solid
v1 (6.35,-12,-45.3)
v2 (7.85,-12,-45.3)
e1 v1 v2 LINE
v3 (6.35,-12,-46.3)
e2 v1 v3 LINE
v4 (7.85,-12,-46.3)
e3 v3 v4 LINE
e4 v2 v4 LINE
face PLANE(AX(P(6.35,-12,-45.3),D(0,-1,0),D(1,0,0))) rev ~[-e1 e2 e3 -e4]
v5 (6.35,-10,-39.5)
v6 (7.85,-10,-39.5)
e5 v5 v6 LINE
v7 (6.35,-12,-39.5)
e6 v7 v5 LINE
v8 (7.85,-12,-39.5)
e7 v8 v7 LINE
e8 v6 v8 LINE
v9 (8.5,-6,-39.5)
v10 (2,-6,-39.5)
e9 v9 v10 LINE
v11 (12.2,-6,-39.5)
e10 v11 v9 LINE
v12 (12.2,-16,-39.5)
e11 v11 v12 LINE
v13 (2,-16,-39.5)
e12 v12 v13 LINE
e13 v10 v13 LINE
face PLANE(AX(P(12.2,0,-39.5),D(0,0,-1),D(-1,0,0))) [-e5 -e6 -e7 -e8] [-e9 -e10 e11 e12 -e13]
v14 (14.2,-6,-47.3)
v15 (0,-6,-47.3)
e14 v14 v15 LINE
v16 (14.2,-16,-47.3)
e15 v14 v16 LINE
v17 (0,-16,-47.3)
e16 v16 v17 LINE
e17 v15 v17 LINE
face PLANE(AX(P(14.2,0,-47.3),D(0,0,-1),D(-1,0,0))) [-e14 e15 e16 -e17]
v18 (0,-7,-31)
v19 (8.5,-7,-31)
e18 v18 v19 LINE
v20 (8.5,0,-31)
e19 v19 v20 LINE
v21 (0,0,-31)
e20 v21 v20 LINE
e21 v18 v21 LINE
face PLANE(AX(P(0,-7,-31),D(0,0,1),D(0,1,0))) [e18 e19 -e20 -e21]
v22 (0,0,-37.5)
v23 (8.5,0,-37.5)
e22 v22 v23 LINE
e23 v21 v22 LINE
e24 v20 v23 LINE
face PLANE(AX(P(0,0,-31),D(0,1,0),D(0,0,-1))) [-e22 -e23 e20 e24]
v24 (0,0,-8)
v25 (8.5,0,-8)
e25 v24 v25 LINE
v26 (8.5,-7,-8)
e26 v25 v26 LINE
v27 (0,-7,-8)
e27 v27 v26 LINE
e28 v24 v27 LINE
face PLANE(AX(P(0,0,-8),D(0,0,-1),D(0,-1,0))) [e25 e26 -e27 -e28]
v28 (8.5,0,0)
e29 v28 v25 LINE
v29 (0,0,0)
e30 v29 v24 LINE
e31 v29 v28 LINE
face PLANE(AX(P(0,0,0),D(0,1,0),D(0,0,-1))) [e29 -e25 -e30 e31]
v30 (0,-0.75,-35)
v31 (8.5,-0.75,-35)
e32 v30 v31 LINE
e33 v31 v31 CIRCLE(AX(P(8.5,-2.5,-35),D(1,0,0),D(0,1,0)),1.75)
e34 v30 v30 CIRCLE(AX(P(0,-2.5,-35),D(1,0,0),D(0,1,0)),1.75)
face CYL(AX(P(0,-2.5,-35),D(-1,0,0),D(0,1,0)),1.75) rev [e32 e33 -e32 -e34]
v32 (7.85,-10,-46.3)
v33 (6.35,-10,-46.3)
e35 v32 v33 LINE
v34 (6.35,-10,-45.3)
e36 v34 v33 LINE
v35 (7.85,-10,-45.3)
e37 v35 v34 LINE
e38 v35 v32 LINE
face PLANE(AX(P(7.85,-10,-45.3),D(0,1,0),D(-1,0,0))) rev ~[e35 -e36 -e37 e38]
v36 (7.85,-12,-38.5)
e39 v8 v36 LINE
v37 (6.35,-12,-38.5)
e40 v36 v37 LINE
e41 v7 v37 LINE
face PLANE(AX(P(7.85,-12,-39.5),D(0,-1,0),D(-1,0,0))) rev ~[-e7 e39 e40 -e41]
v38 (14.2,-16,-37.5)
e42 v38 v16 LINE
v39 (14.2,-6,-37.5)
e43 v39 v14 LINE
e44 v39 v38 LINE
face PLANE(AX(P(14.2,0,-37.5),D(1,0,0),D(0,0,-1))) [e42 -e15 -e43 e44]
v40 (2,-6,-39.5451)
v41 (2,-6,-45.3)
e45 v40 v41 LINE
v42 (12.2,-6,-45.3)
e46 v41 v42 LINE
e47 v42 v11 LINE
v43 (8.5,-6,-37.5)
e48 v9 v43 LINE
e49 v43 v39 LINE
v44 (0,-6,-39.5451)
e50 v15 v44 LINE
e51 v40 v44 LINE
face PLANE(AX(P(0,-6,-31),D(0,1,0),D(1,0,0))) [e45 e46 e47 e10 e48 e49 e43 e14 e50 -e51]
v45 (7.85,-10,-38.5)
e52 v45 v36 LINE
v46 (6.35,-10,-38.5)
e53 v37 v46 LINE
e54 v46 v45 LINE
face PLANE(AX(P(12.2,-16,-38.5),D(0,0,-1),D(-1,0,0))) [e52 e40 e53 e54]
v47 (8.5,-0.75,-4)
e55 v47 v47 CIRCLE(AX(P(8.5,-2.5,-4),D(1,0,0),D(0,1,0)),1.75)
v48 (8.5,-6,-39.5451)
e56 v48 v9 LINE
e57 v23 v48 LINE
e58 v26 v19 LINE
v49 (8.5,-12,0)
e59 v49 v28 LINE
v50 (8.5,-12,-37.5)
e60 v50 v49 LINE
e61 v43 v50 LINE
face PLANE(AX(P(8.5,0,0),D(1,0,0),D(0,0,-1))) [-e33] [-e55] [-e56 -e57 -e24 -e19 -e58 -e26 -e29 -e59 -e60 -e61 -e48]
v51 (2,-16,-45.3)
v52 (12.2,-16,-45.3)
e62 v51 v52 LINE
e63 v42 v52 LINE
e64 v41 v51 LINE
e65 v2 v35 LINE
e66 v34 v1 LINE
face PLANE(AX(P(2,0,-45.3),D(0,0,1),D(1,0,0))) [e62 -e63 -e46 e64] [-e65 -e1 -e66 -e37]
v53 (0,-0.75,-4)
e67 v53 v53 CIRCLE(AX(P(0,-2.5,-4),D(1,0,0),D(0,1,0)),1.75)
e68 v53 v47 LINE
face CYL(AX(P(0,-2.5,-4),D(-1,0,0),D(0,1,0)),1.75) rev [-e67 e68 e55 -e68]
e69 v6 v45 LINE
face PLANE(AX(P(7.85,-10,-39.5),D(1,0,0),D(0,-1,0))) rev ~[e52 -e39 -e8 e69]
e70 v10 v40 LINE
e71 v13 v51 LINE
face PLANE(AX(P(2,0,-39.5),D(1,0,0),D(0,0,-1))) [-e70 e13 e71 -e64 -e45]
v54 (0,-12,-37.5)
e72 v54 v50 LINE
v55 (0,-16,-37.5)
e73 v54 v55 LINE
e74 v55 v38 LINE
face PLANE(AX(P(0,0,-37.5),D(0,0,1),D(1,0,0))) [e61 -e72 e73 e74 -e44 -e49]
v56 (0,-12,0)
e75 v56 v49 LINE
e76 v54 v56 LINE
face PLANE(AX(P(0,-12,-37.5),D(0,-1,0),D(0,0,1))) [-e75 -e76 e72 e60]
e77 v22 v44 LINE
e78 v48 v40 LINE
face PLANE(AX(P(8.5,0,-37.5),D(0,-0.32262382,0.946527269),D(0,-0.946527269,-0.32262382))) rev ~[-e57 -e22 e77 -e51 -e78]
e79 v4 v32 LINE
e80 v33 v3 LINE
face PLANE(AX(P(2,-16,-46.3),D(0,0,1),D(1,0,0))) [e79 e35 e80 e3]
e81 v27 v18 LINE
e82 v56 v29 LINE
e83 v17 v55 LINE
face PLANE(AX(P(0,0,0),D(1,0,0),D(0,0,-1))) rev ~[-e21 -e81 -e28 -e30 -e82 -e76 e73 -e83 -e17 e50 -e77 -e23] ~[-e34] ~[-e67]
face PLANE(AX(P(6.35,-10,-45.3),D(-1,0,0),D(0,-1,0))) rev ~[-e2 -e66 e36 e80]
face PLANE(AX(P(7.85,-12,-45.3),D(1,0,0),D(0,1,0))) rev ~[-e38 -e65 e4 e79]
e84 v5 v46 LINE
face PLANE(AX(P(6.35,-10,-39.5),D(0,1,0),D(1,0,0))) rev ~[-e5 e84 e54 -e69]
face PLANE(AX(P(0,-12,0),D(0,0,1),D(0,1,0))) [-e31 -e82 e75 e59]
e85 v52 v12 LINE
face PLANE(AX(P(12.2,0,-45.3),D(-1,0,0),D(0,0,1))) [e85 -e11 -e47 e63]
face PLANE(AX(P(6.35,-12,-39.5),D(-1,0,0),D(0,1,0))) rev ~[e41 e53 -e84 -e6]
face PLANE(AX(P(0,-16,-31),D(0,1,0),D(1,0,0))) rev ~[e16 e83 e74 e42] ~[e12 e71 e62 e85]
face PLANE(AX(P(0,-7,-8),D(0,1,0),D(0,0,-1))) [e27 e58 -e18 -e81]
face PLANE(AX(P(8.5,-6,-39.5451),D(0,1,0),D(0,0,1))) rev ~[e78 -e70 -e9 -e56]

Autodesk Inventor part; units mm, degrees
ref_plane "YZ Plane" through (0, 0, 0) normal (1, 0, 0) x (0, 1, 0)
ref_plane "XZ Plane" through (0, 0, 0) normal (0, 1, 0) x (-1, 0, 0)
ref_plane "XY Plane" through (0, 0, 0) normal (0, 0, 1) x (1, 0, 0)
sketch "Sketch1" plane through (0, 0, 0) normal (1, 0, 0) x (0, 1, 0)
  line L0 (0, 0) -> (0, -8)
  line L1 (0, -8) -> (-7, -8)
  line L2 (-7, -8) -> (-7, -31)
  line L3 (-7, -31) -> (0, -31)
  line L4 (0, -31) -> (0, -37.5)
  line L5 (0, -37.5) -> (-12, -37.5)
  line L6 (-12, -37.5) -> (-12, 0)
  line L7 (-12, 0) -> (0, 0)
  line L8 (0, -4) -> (-2.5, -4) construction
  circle A0 centre (-2.5, -4) radius 1.75
  line L9 (0, -31) -> (-2.5, -31) construction
  line L10 (-2.5, -31) -> (-2.5, -35) construction
  circle A1 centre (-2.5, -35) radius 1.75
  dimension "d0" = 8
  dimension "d1" = 7
  dimension "d2" = 23
  dimension "d3" = 6.5
  dimension "d4" = 12
  dimension "d5" = 2.5
  dimension "d6" = 3.5
  dimension "d7" = 4
  dimension "d8" = 3.5
extrude "Extrusion1" add sketch "Sketch1" along normal blind 8.5
sketch "Sketch2" plane through (0, 0, -31) normal (0, 1, 0) x (1, 0, 0)
  line L0 (0, 6.5) -> (0, -31) projected
  line L1 (0, 6.5) -> (2, 6.5) construction
  line L2 (0, 6.5) -> (8.5, 6.5) construction
  line L3 (2, 6.5) -> (0, 6.5) construction
  line L4 (0, 16.3) -> (2, 16.3) construction
  line L5 (2, 16.3) -> (2, 14.3) construction
  line L6 (2, 14.3) -> (12.2, 14.3)
  line L7 (12.2, 14.3) -> (12.2, 8.5)
  line L8 (12.2, 8.5) -> (2, 8.5)
  line L9 (2, 8.5) -> (2, 14.3)
  line L10 (0, 6.5) -> (14.2, 6.5)
  line L11 (14.2, 6.5) -> (14.2, 16.3)
  line L12 (14.2, 16.3) -> (0, 16.3)
  line L13 (0, 16.3) -> (0, 6.5)
  dimension "d11" = 9.8
  dimension "d15" = 2
  dimension "d16" = 2
  dimension "d17" = 10.2
  dimension "d18" = 5.8
  dimension "d19" = 14.2
extrude "Extrusion2" add sketch "Sketch2" against normal blind 16
extrude "Extrusion3" cut sketch "Sketch2" against normal blind 6
sketch "Sketch3" plane through (8.5, 0, 0) normal (1, 0, 0) x (0, 0, -1)
  line L0 (37.5, 0) -> (31, 0) projected
  line L1 (37.5, 0) -> (39.5451, -6)
  line L2 (37.5, -12) -> (37.5, -6) projected
  line L3 (39.5451, -6) -> (37.5, -6)
  line L4 (37.5, -6) -> (37.5, 0)
  point P0 (0, 0)
extrude "Extrusion4" add sketch "Sketch3" against normal blind 8.5
sketch "Sketch4" plane through (2, -16, -45.3) normal (0, 0, 1) x (1, 0, 0)
  line L0 (10.2, 0) -> (0, 0) construction
  line L1 (5.1, 0) -> (5.1, 4) construction
  line L2 (10.2, 10) -> (0, 10) construction
  line L3 (5.1, 4) -> (4.35, 4) construction
  line L4 (4.35, 4) -> (5.85, 4)
  line L5 (5.85, 4) -> (5.85, 6)
  line L6 (5.85, 6) -> (4.35, 6)
  line L7 (4.35, 6) -> (4.35, 4)
  point P0 (-2, 16)
  dimension "d28" = 1.5
  dimension "d29" = 2
extrude "Extrusion5" cut sketch "Sketch4" against normal blind 1
sketch "Sketch5" plane through (12.2, -16, -39.5) normal (0, 0, -1) x (-1, 0, 0)
  line L0 (10.2, 0) -> (0, 0) construction
  line L1 (5.1, 0) -> (5.1, 4) construction
  line L2 (5.1, 4) -> (4.35, 4) construction
  line L3 (4.35, 4) -> (5.85, 4)
  line L4 (5.85, 4) -> (5.85, 6)
  line L5 (5.85, 6) -> (4.35, 6)
  line L6 (4.35, 6) -> (4.35, 4)
  point P0 (12.2, 16)
  dimension "d34" = 1.5
  dimension "d35" = 2
extrude "Extrusion6" cut sketch "Sketch5" against normal blind 1
properties part number "Proximity Sensor Mount_1"
